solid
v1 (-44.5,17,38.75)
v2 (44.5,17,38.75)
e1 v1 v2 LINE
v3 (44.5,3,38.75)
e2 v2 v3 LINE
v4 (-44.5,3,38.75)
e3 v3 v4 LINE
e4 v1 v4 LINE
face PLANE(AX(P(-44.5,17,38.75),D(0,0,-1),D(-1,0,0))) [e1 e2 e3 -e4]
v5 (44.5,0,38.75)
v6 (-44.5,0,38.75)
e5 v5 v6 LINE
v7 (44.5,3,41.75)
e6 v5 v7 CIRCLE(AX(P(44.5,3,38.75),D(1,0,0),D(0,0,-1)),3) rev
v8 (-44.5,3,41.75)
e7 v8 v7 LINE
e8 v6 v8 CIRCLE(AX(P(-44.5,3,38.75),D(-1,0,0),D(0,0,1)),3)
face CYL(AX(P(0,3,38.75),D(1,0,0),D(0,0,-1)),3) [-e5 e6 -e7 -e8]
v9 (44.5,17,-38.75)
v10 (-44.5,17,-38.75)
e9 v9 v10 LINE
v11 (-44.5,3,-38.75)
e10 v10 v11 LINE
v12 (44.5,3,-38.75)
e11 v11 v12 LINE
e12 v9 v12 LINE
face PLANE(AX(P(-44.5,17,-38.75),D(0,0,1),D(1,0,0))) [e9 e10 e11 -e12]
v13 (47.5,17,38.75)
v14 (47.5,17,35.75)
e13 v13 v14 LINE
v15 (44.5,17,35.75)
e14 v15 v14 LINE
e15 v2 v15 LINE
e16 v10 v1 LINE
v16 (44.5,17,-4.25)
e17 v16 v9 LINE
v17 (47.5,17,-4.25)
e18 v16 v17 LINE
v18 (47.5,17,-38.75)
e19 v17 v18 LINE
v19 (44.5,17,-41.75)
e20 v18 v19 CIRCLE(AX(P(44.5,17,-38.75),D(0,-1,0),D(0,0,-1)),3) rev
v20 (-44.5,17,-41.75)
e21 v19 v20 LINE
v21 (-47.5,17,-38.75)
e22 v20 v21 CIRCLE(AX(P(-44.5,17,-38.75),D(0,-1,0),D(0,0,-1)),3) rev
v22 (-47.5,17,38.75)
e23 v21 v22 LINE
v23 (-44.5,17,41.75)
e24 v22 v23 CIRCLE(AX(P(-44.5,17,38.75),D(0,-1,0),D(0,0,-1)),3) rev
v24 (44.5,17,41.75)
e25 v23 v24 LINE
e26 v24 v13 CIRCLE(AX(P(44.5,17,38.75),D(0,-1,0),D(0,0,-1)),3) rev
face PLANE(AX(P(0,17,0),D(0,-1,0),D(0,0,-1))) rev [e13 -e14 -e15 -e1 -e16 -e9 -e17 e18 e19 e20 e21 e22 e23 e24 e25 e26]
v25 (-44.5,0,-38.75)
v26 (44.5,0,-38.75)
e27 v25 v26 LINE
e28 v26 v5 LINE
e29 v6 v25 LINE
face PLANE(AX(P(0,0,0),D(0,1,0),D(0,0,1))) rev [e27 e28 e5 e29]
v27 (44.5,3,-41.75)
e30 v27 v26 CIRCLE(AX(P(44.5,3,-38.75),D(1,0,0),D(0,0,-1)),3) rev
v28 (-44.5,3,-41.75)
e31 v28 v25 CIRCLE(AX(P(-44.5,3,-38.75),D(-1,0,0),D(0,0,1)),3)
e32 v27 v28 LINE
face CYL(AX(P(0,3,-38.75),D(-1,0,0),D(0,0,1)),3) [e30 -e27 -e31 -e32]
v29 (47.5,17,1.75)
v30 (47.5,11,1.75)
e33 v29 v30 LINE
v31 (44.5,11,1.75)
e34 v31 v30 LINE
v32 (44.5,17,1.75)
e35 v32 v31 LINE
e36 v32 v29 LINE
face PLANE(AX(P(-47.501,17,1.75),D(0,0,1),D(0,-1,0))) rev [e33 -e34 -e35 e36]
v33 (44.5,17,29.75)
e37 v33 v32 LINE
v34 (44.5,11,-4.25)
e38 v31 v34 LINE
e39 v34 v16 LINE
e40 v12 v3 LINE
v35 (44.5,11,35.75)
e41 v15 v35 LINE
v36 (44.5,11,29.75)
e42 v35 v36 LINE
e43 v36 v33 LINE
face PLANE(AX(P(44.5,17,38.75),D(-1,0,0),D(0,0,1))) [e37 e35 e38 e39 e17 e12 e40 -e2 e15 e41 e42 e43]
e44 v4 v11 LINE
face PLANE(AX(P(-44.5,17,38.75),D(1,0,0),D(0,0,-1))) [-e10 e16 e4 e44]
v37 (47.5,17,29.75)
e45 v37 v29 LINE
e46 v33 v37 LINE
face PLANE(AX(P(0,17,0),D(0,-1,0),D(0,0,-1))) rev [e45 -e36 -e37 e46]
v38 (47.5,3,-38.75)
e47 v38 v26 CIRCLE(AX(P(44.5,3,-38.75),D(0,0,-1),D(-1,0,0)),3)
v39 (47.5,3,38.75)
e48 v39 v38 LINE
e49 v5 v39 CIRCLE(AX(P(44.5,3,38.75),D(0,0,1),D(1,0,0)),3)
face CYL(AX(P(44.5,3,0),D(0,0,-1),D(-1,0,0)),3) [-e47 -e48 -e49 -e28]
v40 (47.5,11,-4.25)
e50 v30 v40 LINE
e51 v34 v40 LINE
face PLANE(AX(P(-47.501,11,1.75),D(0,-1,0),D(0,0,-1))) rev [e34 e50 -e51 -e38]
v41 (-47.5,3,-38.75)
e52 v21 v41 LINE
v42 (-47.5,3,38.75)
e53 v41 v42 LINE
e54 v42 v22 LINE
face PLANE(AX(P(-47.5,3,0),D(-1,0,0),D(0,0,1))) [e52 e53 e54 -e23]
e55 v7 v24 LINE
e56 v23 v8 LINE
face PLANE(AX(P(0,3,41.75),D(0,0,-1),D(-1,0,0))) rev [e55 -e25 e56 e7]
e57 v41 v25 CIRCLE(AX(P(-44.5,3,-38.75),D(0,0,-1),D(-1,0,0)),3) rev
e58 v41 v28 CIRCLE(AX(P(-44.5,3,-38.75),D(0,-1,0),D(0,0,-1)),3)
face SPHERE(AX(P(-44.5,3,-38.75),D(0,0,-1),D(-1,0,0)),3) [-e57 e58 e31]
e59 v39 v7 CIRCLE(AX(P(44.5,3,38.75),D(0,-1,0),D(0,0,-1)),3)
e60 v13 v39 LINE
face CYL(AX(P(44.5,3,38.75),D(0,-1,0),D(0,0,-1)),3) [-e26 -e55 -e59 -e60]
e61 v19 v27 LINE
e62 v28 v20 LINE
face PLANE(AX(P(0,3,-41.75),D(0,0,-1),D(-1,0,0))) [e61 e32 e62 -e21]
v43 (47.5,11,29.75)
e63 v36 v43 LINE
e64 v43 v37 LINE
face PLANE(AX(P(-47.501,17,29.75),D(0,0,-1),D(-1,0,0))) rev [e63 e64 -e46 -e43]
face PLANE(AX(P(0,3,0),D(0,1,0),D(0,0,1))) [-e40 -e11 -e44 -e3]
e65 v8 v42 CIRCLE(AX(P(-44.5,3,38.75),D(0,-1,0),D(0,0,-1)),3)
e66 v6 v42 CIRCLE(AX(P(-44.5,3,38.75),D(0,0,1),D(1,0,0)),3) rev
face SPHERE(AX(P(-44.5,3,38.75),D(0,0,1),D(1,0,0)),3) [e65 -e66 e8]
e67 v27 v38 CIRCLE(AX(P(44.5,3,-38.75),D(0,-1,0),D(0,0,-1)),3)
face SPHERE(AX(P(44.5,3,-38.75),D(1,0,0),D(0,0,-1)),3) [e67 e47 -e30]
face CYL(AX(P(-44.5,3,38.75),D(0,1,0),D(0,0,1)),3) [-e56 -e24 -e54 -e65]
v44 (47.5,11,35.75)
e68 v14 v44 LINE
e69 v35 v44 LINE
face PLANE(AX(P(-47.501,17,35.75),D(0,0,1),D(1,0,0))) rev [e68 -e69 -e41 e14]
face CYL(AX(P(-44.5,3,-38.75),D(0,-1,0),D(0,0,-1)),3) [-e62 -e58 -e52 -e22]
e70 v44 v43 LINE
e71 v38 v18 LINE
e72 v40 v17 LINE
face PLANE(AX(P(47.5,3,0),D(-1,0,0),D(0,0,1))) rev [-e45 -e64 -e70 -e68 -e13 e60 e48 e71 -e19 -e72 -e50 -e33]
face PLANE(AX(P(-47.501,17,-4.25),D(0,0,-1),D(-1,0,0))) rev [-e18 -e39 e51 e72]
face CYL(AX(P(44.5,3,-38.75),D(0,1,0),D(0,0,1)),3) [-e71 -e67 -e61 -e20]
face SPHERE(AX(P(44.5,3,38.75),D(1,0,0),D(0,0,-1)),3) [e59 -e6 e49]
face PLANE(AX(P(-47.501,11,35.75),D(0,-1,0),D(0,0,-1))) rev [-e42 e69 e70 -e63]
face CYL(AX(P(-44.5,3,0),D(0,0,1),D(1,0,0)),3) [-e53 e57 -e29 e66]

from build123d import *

# Parameters (mm, degrees)
SKETCH1_W           = 95
SKETCH1_H           = 83.5
SKETCH1_W_2         = 89
SKETCH1_H_2         = 77.5
BOSS_EXTRUDE1_DEPTH = 3
SKETCH1_3_W         = 95
SKETCH1_3_H         = 83.5
SKETCH1_3_W_2       = 89
SKETCH1_3_H_2       = 77.5
BOSS_EXTRUDE2_DEPTH = 17
CUT_EXTRUDE1_REACH  = 97
SKETCH2_W           = 6
SKETCH2_H           = 6
FILLET1_R           = 3


with BuildPart() as part:
    # Sketch1 → Boss-Extrude1 (new body)
    with BuildSketch(Plane(origin=(0, 0, 0), x_dir=(1, 0, 0), z_dir=(0, 1, 0))):
        Rectangle(SKETCH1_W, SKETCH1_H)
        Rectangle(SKETCH1_W_2, SKETCH1_H_2, mode=Mode.SUBTRACT)
        Rectangle(SKETCH1_W_2, SKETCH1_H_2)
    extrude(amount=BOSS_EXTRUDE1_DEPTH)

    # Sketch1_3 → Boss-Extrude2 (add)
    with BuildSketch(Plane(origin=(0, 0, 0), x_dir=(1, 0, 0), z_dir=(0, 1, 0))):
        Rectangle(SKETCH1_3_W, SKETCH1_3_H)
        Rectangle(SKETCH1_3_W_2, SKETCH1_3_H_2, mode=Mode.SUBTRACT)
    extrude(amount=BOSS_EXTRUDE2_DEPTH)

    # Sketch2 → Cut-Extrude1 (cut, up to next)
    with BuildSketch(Plane(origin=(47.5, 0, 0), x_dir=(0, 0, -1), z_dir=(1, 0, 0)), mode=Mode.PRIVATE) as cut_extrude1_sk1:
        with Locations((-32.75, 14)):
            Rectangle(SKETCH2_W, SKETCH2_H)
    cut_extrude1_tool1 = extrude(cut_extrude1_sk1.sketch, amount=-CUT_EXTRUDE1_REACH, mode=Mode.PRIVATE) & part.part
    add(cut_extrude1_tool1.solids().sort_by_distance((47.5, 14, 32.75))[0], mode=Mode.SUBTRACT)
    # Sketch2 → Cut-Extrude1 (cut, up to next)
    with BuildSketch(Plane(origin=(47.5, 0, 0), x_dir=(0, 0, -1), z_dir=(1, 0, 0)), mode=Mode.PRIVATE) as cut_extrude1_sk2:
        with Locations((1.25, 14)):
            Rectangle(SKETCH2_W, SKETCH2_H)
    cut_extrude1_tool2 = extrude(cut_extrude1_sk2.sketch, amount=-CUT_EXTRUDE1_REACH, mode=Mode.PRIVATE) & part.part
    add(cut_extrude1_tool2.solids().sort_by_distance((47.5, 14, -1.25))[0], mode=Mode.SUBTRACT)

    # Fillet1
    fillet1_edges = [part.edges().sort_by_distance(p)[0] for p in [
        (-47.5, 0, 0),
        (0, 0, -41.75),
        (47.5, 0, 0),
        (0, 0, 41.75),
        (-47.5, 8.5, 41.75),
        (-47.5, 8.5, -41.75),
        (47.5, 8.5, -41.75),
        (47.5, 8.5, 41.75),
    ]]
    fillet(fillet1_edges, radius=FILLET1_R)


solid = part.part
